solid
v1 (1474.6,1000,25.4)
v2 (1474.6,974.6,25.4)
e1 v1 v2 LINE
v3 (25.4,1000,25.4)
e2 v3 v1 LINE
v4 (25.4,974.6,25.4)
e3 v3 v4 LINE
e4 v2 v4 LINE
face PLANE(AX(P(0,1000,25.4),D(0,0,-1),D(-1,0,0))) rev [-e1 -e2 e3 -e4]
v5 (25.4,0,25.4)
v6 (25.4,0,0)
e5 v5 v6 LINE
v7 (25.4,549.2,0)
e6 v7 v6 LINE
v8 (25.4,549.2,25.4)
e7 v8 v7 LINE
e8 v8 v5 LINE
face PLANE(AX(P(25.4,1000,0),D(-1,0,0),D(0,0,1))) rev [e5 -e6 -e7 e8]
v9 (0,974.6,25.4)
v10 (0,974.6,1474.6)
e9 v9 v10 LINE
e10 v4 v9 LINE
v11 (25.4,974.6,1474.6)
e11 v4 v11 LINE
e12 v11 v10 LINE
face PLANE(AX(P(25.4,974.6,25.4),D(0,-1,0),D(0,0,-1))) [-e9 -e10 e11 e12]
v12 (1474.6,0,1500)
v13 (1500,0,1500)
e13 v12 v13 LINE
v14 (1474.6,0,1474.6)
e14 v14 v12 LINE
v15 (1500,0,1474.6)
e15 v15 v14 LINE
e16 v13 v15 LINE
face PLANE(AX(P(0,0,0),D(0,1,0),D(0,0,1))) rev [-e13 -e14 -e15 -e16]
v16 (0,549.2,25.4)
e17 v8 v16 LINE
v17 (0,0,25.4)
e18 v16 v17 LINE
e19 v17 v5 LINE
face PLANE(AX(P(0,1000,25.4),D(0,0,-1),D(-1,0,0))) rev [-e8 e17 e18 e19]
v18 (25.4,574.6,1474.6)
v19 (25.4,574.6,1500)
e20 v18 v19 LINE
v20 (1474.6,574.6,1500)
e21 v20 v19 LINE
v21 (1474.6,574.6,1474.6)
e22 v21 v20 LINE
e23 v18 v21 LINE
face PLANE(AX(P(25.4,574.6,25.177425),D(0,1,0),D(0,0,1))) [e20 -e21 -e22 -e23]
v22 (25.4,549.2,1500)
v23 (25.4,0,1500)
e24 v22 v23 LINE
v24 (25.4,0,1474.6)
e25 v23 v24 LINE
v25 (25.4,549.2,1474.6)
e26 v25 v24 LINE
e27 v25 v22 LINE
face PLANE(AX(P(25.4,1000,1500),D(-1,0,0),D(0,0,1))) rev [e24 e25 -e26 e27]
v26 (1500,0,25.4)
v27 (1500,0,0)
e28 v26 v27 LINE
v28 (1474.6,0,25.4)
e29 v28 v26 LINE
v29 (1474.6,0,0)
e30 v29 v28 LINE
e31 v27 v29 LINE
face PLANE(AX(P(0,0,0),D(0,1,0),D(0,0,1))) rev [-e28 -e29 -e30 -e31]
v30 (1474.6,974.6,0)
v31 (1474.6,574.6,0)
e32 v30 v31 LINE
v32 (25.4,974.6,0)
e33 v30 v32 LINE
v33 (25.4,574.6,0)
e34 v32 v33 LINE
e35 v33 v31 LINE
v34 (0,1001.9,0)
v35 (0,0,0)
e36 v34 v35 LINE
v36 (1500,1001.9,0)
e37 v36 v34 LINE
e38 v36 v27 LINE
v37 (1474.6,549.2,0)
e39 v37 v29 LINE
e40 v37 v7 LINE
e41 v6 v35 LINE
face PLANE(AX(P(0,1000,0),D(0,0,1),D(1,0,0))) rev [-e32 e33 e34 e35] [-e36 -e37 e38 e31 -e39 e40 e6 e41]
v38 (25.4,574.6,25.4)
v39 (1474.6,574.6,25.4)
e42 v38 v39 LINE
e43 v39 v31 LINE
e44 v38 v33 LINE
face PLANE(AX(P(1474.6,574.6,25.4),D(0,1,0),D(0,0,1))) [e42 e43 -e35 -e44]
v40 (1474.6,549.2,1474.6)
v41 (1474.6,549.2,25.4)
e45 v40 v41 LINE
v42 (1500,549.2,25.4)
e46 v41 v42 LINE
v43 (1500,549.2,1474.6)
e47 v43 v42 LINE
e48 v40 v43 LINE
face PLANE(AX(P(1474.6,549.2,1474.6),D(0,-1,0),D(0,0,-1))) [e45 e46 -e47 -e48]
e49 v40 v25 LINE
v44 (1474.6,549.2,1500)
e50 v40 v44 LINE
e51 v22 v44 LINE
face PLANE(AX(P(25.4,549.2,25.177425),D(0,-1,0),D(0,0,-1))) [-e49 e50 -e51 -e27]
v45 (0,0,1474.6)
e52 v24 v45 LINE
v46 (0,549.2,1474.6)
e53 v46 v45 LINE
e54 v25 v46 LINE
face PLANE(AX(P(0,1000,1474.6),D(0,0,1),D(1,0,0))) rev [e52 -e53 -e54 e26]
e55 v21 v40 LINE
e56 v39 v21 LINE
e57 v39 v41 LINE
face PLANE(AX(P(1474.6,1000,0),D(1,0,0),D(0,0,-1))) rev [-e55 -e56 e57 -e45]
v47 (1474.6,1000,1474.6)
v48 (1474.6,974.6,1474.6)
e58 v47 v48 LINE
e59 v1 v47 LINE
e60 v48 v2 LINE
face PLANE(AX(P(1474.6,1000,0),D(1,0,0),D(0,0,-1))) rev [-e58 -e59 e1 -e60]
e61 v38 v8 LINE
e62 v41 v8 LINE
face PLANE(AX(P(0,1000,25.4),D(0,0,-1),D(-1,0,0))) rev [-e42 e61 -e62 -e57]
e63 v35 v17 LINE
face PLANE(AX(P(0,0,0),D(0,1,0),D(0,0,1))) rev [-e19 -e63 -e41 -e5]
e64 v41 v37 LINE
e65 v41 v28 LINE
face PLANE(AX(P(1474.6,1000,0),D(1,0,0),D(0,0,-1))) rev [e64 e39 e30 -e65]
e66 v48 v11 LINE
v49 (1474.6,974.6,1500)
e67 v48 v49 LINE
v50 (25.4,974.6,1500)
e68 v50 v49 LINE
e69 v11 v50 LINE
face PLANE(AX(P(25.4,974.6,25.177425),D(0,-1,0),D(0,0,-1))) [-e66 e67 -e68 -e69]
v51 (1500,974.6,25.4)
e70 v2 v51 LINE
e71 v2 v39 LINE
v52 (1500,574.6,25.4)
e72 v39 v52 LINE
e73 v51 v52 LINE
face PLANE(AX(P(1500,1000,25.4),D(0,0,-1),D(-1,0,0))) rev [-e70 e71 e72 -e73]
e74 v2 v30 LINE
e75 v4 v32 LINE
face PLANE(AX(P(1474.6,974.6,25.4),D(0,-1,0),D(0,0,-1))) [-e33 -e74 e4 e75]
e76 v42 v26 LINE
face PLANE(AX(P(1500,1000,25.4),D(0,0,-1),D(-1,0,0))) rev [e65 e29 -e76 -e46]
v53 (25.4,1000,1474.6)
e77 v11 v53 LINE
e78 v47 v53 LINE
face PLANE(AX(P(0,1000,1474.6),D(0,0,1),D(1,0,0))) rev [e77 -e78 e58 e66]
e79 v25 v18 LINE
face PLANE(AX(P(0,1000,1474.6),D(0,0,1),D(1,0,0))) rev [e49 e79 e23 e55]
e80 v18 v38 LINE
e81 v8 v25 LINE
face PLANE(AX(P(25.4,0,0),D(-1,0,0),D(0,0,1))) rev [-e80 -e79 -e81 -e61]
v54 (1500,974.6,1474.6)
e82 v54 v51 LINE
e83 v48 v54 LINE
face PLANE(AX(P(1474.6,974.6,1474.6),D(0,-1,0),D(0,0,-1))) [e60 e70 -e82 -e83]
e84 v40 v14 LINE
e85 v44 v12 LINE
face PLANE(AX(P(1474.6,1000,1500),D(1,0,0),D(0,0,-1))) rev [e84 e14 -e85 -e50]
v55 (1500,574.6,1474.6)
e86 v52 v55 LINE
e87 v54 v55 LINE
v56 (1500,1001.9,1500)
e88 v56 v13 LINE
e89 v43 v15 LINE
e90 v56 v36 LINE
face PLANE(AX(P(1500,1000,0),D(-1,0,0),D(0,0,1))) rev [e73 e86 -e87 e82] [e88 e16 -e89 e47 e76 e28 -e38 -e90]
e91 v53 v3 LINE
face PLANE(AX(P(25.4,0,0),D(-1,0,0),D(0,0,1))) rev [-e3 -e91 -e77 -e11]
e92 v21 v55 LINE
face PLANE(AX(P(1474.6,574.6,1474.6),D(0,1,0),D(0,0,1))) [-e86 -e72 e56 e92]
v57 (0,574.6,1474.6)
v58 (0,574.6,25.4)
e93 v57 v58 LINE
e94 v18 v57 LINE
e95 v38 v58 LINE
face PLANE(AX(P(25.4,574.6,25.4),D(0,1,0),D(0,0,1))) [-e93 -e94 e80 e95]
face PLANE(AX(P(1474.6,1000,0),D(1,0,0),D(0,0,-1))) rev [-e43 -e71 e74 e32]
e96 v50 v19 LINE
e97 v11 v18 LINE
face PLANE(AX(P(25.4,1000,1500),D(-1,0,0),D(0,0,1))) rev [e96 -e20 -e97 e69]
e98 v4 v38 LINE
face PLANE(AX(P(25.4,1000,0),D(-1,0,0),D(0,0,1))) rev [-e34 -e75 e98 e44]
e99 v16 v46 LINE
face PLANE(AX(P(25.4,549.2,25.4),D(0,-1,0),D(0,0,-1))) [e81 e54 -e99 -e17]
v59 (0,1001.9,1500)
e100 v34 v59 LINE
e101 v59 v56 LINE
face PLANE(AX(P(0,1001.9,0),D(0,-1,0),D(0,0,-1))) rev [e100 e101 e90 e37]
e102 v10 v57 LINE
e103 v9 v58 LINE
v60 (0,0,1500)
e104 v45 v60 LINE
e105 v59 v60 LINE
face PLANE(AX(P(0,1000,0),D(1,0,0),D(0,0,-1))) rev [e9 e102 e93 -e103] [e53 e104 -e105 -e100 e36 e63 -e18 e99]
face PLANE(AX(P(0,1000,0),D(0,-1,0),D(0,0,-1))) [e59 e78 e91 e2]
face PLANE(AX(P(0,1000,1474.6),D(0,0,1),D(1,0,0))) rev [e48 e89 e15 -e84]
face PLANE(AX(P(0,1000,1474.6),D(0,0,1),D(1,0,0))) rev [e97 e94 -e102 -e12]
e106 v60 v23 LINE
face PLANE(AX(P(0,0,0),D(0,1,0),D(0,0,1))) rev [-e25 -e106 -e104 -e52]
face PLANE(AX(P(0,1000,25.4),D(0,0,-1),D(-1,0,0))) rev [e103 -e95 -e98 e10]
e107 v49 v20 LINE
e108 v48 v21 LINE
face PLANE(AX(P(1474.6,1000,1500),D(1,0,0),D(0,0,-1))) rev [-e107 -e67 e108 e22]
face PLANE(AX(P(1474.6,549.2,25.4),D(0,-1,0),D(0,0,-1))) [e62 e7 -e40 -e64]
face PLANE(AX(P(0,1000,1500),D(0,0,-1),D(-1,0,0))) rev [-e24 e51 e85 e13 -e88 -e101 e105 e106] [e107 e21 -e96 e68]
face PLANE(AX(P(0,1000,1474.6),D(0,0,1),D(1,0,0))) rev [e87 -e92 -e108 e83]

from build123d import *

# Parameters (mm, degrees)
CROQUIS1_W                = 25.4
CROQUIS1_H                = 25.4
SALIENTE_EXTRUIR1_DEPTH   = 1000
SALIENTE_EXTRUIR1_2_DEPTH = 1000
SALIENTE_EXTRUIR1_3_DEPTH = 1000
SALIENTE_EXTRUIR1_4_DEPTH = 1000
CROQUIS3_W                = 1449.2
CROQUIS3_H                = 25.4
SALIENTE_EXTRUIR2_DEPTH   = 25.4
CROQUIS4_W                = 1449.2
CROQUIS4_H                = 25.4
SALIENTE_EXTRUIR3_DEPTH   = 25.4
CROQUIS5_W                = 1449.2
CROQUIS5_H                = 25.4
SALIENTE_EXTRUIR4_DEPTH   = 25.4
CROQUIS6_W                = 1449.2
CROQUIS6_H                = 25.4
SALIENTE_EXTRUIR5_DEPTH   = 25.4
CROQUIS7_W                = 1500
CROQUIS7_H                = 1500
SALIENTE_EXTRUIR6_DEPTH   = 1.9


with BuildPart() as part:
    # Croquis1 → Saliente-Extruir1 (new body)
    with BuildSketch(Plane(origin=(0, 0, 0), x_dir=(1, 0, 0), z_dir=(0, 1, 0))):
        with Locations((12.7, -12.7)):
            Rectangle(CROQUIS1_W, CROQUIS1_H)
    extrude(amount=SALIENTE_EXTRUIR1_DEPTH)



with BuildPart() as body_2:
    # Croquis1 → Saliente-Extruir1 2 (new body)
    with BuildSketch(Plane(origin=(0, 0, 0), x_dir=(1, 0, 0), z_dir=(0, 1, 0))):
        with Locations((1487.3, -12.7)):
            Rectangle(CROQUIS1_W, CROQUIS1_H)
    extrude(amount=SALIENTE_EXTRUIR1_2_DEPTH)



with BuildPart() as body_3:
    # Croquis1 → Saliente-Extruir1 3 (new body)
    with BuildSketch(Plane(origin=(0, 0, 0), x_dir=(1, 0, 0), z_dir=(0, 1, 0))):
        with Locations((1487.3, -1487.3)):
            Rectangle(CROQUIS1_W, CROQUIS1_H)
    extrude(amount=SALIENTE_EXTRUIR1_3_DEPTH)



with BuildPart() as body_4:
    # Croquis1 → Saliente-Extruir1 4 (new body)
    with BuildSketch(Plane(origin=(0, 0, 0), x_dir=(1, 0, 0), z_dir=(0, 1, 0))):
        with Locations((12.7, -1487.3)):
            Rectangle(CROQUIS1_W, CROQUIS1_H)
    extrude(amount=SALIENTE_EXTRUIR1_4_DEPTH)


with BuildPart() as body_3_1:
    add(body_3.part)

    add(body_4.part)  # Saliente-Extruir2 merges body 4
    # Croquis3 → Saliente-Extruir2 (add)
    with BuildSketch(Plane.XY.offset(1500)):
        with Locations((750, 987.3)):
            Rectangle(CROQUIS3_W, CROQUIS3_H)
        with Locations((750, 561.9)):
            Rectangle(CROQUIS3_W, CROQUIS3_H)
    extrude(amount=-SALIENTE_EXTRUIR2_DEPTH)


with BuildPart() as body_2_1:
    add(body_2.part)

    add(body_3_1.part)  # Saliente-Extruir3 merges body 3
    # Croquis4 → Saliente-Extruir3 (add)
    with BuildSketch(Plane(origin=(1500, 0, 0), x_dir=(0, 0, -1), z_dir=(1, 0, 0))):
        with Locations((-750, 987.3)):
            Rectangle(CROQUIS4_W, CROQUIS4_H)
        with Locations((-750, 561.9)):
            Rectangle(CROQUIS4_W, CROQUIS4_H)
    extrude(amount=-SALIENTE_EXTRUIR3_DEPTH)


with BuildPart() as part_1:
    add(part.part)

    add(body_2_1.part)  # Saliente-Extruir4 merges body 2
    # Croquis5 → Saliente-Extruir4 (add)
    with BuildSketch(Plane(origin=(0, 0, 0), x_dir=(-1, 0, 0), z_dir=(0, 0, -1))):
        with Locations((-750, 987.3)):
            Rectangle(CROQUIS5_W, CROQUIS5_H)
        with Locations((-750, 561.9)):
            Rectangle(CROQUIS5_W, CROQUIS5_H)
    extrude(amount=-SALIENTE_EXTRUIR4_DEPTH)

    # Croquis6 → Saliente-Extruir5 (add)
    with BuildSketch(Plane.ZY):
        with Locations((750, 987.3)):
            Rectangle(CROQUIS6_W, CROQUIS6_H)
        with Locations((750, 561.9)):
            Rectangle(CROQUIS6_W, CROQUIS6_H)
    extrude(amount=-SALIENTE_EXTRUIR5_DEPTH)

    # Croquis7 → Saliente-Extruir6 (add)
    with BuildSketch(Plane(origin=(0, 1000, 0), x_dir=(1, 0, 0), z_dir=(0, 1, 0))):
        with Locations((750, -750)):
            Rectangle(CROQUIS7_W, CROQUIS7_H)
    extrude(amount=SALIENTE_EXTRUIR6_DEPTH)


solid = part_1.part
